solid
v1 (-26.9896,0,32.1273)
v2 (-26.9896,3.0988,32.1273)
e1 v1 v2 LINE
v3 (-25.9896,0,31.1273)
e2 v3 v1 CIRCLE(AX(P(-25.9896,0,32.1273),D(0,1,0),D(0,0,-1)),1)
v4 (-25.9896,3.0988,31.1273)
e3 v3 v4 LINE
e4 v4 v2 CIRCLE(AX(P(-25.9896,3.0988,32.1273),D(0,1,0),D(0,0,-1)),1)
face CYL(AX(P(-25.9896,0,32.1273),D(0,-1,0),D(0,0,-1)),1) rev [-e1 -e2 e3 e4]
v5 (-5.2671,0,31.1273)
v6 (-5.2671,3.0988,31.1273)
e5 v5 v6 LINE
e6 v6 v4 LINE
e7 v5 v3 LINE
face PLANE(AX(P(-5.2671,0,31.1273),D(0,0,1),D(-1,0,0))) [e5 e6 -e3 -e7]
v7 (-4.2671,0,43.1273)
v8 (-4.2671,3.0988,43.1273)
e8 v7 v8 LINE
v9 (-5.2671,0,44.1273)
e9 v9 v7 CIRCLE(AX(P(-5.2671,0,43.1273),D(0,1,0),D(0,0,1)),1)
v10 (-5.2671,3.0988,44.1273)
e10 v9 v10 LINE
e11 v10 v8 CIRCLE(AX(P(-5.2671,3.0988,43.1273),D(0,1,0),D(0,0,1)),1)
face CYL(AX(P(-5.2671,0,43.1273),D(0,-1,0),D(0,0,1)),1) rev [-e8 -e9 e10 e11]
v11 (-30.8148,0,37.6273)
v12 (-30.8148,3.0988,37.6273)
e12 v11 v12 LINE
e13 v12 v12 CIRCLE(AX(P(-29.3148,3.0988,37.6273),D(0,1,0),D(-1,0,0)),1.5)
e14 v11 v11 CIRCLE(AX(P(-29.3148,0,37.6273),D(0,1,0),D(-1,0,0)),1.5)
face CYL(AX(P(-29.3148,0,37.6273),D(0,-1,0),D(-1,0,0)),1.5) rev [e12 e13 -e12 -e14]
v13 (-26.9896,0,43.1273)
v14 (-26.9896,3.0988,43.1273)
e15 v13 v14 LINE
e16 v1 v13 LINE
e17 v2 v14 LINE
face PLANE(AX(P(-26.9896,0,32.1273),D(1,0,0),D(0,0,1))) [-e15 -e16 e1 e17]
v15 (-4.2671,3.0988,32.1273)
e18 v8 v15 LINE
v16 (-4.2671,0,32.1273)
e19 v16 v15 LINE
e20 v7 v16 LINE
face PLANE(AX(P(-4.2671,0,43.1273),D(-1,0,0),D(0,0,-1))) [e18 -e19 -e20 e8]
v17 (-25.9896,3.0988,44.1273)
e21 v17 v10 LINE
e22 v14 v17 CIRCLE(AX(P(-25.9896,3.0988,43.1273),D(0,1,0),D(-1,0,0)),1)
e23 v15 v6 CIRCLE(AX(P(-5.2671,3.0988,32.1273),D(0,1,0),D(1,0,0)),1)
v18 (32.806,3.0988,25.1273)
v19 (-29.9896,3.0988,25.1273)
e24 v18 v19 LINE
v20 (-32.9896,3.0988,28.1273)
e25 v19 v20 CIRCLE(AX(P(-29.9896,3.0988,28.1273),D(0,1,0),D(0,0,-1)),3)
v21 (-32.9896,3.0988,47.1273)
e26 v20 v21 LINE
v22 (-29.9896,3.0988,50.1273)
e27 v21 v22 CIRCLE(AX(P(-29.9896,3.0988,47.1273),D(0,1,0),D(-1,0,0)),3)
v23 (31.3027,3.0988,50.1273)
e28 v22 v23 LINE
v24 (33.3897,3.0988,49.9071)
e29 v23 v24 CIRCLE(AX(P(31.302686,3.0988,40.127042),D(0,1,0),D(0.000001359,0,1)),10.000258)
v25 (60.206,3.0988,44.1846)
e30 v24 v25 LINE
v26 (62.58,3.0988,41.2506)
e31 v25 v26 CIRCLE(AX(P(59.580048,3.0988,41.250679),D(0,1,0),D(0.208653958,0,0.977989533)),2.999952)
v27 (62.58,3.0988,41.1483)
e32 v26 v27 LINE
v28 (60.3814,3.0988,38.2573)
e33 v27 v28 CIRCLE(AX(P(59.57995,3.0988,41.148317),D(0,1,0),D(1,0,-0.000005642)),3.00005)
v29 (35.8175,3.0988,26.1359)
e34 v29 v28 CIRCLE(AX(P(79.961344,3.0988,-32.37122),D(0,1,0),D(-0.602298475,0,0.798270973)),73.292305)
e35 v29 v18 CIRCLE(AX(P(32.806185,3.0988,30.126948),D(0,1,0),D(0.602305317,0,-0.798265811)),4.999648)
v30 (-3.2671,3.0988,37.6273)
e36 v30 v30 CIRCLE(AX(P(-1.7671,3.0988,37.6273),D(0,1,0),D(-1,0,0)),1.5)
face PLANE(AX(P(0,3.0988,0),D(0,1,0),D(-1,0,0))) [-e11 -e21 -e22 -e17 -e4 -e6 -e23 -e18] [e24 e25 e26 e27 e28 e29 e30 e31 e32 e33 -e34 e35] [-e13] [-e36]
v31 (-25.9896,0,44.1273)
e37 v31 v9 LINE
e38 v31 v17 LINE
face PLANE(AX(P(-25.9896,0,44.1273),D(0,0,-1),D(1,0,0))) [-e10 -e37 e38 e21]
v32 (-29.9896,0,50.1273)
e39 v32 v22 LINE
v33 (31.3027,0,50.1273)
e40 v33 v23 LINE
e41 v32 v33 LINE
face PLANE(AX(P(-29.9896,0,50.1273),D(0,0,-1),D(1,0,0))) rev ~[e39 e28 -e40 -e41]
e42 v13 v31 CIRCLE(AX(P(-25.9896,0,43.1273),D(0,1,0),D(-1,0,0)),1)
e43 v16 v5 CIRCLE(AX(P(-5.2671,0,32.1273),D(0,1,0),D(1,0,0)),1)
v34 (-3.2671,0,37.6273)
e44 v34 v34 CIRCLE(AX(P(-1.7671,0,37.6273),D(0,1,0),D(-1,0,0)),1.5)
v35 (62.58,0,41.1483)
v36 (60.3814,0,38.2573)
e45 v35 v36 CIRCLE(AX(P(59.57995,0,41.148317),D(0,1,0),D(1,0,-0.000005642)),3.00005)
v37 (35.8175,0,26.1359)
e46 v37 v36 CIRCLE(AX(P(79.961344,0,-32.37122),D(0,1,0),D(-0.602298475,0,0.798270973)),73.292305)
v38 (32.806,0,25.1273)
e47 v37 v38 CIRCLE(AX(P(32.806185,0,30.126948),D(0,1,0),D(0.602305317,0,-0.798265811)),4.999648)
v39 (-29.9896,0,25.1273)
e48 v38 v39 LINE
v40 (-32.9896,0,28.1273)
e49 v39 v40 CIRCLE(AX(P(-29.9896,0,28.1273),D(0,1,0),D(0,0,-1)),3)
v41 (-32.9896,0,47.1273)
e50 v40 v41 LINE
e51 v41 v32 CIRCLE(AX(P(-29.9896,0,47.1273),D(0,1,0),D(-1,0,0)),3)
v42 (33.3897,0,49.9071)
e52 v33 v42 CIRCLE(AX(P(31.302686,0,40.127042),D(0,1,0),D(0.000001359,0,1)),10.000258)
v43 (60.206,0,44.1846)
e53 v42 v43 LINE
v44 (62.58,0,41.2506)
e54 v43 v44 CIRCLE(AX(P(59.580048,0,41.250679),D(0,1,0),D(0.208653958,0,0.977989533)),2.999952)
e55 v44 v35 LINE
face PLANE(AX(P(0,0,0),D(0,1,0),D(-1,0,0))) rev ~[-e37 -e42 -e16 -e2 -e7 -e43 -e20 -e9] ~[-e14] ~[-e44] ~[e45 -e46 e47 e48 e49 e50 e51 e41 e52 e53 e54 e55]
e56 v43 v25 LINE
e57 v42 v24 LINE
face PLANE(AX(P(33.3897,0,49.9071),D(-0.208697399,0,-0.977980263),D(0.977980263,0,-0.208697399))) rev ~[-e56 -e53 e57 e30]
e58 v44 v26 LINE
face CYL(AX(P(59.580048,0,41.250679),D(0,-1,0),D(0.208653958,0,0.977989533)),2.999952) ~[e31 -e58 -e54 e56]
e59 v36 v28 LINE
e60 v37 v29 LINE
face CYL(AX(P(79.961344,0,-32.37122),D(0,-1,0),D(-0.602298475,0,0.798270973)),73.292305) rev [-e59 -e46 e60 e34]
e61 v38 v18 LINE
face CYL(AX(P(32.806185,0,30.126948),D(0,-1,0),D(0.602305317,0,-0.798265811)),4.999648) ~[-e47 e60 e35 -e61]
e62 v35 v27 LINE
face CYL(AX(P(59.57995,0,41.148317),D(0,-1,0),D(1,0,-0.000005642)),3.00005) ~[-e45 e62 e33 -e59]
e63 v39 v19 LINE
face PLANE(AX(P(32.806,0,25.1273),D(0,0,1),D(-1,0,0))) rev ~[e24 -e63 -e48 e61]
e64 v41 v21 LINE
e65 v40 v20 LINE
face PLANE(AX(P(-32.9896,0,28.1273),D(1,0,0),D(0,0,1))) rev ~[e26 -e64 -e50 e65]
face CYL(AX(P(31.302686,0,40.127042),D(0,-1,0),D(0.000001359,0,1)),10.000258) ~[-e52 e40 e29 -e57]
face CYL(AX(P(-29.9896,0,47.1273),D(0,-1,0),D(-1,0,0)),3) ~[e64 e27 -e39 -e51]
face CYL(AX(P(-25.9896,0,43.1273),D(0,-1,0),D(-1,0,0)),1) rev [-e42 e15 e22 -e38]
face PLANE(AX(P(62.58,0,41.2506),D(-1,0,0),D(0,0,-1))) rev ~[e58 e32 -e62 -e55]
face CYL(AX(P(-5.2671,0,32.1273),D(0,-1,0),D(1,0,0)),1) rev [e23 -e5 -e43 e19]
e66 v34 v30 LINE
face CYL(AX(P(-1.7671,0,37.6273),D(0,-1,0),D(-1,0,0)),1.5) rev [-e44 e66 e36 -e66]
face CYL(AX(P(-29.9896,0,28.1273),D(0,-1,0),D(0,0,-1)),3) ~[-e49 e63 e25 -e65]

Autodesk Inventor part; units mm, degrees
ref_plane "YZ Plane" through (0, 0, 0) normal (1, 0, 0) x (0, 1, 0)
ref_plane "XZ Plane" through (0, 0, 0) normal (0, 1, 0) x (-1, 0, 0)
ref_plane "XY Plane" through (0, 0, 0) normal (0, 0, 1) x (1, 0, 0)
sketch "Sketch1" plane through (0, 0, 0) normal (0, 1, 0) x (-1, 0, 0)
  line L0 (25.9896, 44.1273) -> (5.2671, 44.1273)
  line L1 (4.2671, 43.1273) -> (4.2671, 32.1273)
  line L2 (5.2671, 31.1273) -> (25.9896, 31.1273)
  line L3 (26.9896, 32.1273) -> (26.9896, 43.1273)
  line L4 (29.9896, 50.1273) -> (-31.3027, 50.1273)
  line L5 (-32.806, 25.1273) -> (29.9896, 25.1273)
  line L6 (32.9896, 28.1273) -> (32.9896, 47.1273)
  line L7 (-33.3897, 49.9071) -> (-60.206, 44.1846)
  arc A0 (-35.8175, 26.1359) -> (-60.3814, 38.2573) centre (-79.9609, -32.3705) ccw
  circle A1 centre (29.3148, 37.6273) radius 1.5
  circle A2 centre (1.7671, 37.6273) radius 1.5
  arc A3 (32.9896, 47.1273) -> (29.9896, 50.1273) centre (29.9896, 47.1273) ccw
  arc A4 (29.9896, 25.1273) -> (32.9896, 28.1273) centre (29.9896, 28.1273) ccw
  arc A5 (26.9896, 43.1273) -> (25.9896, 44.1273) centre (25.9896, 43.1273) ccw
  arc A6 (25.9896, 31.1273) -> (26.9896, 32.1273) centre (25.9896, 32.1273) ccw
  arc A7 (4.2671, 32.1273) -> (5.2671, 31.1273) centre (5.2671, 32.1273) ccw
  arc A8 (5.2671, 44.1273) -> (4.2671, 43.1273) centre (5.2671, 43.1273) ccw
  arc A9 (-35.8175, 26.1359) -> (-32.806, 25.1273) centre (-32.806, 30.1273) ccw
  arc A10 (-31.3027, 50.1273) -> (-33.3897, 49.9071) centre (-31.3027, 40.1273) ccw
  line L8 (-62.58, 41.2506) -> (-62.58, 41.1483)
  arc A11 (-60.206, 44.1846) -> (-62.58, 41.2506) centre (-59.58, 41.2506) ccw
  arc A12 (-62.58, 41.1483) -> (-60.3814, 38.2573) centre (-59.58, 41.1483) ccw
  point P0 (0, 0)
  point P1 (26.9896, 44.1273)
  point P2 (4.2671, 31.1273)
  point P3 (4.2671, 44.1273)
  point P4 (26.9896, 31.1273)
  point P5 (32.9896, 50.1273)
  point P6 (-34.5115, 25.1273)
  point P7 (-32.3578, 50.1273)
  point P8 (32.9896, 25.1273)
  point P9 (-62.58, 38.8302)
  dimension "d0" = 13
  dimension "d1" = 6
  dimension "d2" = 6
  dimension "d3" = 3
  dimension "d4" = 12.5
  dimension "d5" = 12.5
  dimension "d6" = 6
  dimension "d7" = 3
  dimension "d8" = 3
  dimension "d9" = 1
  dimension "d10" = 3
  dimension "d11" = 1
  dimension "d12" = 1
  dimension "d13" = 5
  dimension "d14" = 10
  dimension "d15" = 3
  dimension "d16" = 3
extrude "Extrusion1" add sketch "Sketch1" along normal blind 3.0988
properties part number "legRound"
